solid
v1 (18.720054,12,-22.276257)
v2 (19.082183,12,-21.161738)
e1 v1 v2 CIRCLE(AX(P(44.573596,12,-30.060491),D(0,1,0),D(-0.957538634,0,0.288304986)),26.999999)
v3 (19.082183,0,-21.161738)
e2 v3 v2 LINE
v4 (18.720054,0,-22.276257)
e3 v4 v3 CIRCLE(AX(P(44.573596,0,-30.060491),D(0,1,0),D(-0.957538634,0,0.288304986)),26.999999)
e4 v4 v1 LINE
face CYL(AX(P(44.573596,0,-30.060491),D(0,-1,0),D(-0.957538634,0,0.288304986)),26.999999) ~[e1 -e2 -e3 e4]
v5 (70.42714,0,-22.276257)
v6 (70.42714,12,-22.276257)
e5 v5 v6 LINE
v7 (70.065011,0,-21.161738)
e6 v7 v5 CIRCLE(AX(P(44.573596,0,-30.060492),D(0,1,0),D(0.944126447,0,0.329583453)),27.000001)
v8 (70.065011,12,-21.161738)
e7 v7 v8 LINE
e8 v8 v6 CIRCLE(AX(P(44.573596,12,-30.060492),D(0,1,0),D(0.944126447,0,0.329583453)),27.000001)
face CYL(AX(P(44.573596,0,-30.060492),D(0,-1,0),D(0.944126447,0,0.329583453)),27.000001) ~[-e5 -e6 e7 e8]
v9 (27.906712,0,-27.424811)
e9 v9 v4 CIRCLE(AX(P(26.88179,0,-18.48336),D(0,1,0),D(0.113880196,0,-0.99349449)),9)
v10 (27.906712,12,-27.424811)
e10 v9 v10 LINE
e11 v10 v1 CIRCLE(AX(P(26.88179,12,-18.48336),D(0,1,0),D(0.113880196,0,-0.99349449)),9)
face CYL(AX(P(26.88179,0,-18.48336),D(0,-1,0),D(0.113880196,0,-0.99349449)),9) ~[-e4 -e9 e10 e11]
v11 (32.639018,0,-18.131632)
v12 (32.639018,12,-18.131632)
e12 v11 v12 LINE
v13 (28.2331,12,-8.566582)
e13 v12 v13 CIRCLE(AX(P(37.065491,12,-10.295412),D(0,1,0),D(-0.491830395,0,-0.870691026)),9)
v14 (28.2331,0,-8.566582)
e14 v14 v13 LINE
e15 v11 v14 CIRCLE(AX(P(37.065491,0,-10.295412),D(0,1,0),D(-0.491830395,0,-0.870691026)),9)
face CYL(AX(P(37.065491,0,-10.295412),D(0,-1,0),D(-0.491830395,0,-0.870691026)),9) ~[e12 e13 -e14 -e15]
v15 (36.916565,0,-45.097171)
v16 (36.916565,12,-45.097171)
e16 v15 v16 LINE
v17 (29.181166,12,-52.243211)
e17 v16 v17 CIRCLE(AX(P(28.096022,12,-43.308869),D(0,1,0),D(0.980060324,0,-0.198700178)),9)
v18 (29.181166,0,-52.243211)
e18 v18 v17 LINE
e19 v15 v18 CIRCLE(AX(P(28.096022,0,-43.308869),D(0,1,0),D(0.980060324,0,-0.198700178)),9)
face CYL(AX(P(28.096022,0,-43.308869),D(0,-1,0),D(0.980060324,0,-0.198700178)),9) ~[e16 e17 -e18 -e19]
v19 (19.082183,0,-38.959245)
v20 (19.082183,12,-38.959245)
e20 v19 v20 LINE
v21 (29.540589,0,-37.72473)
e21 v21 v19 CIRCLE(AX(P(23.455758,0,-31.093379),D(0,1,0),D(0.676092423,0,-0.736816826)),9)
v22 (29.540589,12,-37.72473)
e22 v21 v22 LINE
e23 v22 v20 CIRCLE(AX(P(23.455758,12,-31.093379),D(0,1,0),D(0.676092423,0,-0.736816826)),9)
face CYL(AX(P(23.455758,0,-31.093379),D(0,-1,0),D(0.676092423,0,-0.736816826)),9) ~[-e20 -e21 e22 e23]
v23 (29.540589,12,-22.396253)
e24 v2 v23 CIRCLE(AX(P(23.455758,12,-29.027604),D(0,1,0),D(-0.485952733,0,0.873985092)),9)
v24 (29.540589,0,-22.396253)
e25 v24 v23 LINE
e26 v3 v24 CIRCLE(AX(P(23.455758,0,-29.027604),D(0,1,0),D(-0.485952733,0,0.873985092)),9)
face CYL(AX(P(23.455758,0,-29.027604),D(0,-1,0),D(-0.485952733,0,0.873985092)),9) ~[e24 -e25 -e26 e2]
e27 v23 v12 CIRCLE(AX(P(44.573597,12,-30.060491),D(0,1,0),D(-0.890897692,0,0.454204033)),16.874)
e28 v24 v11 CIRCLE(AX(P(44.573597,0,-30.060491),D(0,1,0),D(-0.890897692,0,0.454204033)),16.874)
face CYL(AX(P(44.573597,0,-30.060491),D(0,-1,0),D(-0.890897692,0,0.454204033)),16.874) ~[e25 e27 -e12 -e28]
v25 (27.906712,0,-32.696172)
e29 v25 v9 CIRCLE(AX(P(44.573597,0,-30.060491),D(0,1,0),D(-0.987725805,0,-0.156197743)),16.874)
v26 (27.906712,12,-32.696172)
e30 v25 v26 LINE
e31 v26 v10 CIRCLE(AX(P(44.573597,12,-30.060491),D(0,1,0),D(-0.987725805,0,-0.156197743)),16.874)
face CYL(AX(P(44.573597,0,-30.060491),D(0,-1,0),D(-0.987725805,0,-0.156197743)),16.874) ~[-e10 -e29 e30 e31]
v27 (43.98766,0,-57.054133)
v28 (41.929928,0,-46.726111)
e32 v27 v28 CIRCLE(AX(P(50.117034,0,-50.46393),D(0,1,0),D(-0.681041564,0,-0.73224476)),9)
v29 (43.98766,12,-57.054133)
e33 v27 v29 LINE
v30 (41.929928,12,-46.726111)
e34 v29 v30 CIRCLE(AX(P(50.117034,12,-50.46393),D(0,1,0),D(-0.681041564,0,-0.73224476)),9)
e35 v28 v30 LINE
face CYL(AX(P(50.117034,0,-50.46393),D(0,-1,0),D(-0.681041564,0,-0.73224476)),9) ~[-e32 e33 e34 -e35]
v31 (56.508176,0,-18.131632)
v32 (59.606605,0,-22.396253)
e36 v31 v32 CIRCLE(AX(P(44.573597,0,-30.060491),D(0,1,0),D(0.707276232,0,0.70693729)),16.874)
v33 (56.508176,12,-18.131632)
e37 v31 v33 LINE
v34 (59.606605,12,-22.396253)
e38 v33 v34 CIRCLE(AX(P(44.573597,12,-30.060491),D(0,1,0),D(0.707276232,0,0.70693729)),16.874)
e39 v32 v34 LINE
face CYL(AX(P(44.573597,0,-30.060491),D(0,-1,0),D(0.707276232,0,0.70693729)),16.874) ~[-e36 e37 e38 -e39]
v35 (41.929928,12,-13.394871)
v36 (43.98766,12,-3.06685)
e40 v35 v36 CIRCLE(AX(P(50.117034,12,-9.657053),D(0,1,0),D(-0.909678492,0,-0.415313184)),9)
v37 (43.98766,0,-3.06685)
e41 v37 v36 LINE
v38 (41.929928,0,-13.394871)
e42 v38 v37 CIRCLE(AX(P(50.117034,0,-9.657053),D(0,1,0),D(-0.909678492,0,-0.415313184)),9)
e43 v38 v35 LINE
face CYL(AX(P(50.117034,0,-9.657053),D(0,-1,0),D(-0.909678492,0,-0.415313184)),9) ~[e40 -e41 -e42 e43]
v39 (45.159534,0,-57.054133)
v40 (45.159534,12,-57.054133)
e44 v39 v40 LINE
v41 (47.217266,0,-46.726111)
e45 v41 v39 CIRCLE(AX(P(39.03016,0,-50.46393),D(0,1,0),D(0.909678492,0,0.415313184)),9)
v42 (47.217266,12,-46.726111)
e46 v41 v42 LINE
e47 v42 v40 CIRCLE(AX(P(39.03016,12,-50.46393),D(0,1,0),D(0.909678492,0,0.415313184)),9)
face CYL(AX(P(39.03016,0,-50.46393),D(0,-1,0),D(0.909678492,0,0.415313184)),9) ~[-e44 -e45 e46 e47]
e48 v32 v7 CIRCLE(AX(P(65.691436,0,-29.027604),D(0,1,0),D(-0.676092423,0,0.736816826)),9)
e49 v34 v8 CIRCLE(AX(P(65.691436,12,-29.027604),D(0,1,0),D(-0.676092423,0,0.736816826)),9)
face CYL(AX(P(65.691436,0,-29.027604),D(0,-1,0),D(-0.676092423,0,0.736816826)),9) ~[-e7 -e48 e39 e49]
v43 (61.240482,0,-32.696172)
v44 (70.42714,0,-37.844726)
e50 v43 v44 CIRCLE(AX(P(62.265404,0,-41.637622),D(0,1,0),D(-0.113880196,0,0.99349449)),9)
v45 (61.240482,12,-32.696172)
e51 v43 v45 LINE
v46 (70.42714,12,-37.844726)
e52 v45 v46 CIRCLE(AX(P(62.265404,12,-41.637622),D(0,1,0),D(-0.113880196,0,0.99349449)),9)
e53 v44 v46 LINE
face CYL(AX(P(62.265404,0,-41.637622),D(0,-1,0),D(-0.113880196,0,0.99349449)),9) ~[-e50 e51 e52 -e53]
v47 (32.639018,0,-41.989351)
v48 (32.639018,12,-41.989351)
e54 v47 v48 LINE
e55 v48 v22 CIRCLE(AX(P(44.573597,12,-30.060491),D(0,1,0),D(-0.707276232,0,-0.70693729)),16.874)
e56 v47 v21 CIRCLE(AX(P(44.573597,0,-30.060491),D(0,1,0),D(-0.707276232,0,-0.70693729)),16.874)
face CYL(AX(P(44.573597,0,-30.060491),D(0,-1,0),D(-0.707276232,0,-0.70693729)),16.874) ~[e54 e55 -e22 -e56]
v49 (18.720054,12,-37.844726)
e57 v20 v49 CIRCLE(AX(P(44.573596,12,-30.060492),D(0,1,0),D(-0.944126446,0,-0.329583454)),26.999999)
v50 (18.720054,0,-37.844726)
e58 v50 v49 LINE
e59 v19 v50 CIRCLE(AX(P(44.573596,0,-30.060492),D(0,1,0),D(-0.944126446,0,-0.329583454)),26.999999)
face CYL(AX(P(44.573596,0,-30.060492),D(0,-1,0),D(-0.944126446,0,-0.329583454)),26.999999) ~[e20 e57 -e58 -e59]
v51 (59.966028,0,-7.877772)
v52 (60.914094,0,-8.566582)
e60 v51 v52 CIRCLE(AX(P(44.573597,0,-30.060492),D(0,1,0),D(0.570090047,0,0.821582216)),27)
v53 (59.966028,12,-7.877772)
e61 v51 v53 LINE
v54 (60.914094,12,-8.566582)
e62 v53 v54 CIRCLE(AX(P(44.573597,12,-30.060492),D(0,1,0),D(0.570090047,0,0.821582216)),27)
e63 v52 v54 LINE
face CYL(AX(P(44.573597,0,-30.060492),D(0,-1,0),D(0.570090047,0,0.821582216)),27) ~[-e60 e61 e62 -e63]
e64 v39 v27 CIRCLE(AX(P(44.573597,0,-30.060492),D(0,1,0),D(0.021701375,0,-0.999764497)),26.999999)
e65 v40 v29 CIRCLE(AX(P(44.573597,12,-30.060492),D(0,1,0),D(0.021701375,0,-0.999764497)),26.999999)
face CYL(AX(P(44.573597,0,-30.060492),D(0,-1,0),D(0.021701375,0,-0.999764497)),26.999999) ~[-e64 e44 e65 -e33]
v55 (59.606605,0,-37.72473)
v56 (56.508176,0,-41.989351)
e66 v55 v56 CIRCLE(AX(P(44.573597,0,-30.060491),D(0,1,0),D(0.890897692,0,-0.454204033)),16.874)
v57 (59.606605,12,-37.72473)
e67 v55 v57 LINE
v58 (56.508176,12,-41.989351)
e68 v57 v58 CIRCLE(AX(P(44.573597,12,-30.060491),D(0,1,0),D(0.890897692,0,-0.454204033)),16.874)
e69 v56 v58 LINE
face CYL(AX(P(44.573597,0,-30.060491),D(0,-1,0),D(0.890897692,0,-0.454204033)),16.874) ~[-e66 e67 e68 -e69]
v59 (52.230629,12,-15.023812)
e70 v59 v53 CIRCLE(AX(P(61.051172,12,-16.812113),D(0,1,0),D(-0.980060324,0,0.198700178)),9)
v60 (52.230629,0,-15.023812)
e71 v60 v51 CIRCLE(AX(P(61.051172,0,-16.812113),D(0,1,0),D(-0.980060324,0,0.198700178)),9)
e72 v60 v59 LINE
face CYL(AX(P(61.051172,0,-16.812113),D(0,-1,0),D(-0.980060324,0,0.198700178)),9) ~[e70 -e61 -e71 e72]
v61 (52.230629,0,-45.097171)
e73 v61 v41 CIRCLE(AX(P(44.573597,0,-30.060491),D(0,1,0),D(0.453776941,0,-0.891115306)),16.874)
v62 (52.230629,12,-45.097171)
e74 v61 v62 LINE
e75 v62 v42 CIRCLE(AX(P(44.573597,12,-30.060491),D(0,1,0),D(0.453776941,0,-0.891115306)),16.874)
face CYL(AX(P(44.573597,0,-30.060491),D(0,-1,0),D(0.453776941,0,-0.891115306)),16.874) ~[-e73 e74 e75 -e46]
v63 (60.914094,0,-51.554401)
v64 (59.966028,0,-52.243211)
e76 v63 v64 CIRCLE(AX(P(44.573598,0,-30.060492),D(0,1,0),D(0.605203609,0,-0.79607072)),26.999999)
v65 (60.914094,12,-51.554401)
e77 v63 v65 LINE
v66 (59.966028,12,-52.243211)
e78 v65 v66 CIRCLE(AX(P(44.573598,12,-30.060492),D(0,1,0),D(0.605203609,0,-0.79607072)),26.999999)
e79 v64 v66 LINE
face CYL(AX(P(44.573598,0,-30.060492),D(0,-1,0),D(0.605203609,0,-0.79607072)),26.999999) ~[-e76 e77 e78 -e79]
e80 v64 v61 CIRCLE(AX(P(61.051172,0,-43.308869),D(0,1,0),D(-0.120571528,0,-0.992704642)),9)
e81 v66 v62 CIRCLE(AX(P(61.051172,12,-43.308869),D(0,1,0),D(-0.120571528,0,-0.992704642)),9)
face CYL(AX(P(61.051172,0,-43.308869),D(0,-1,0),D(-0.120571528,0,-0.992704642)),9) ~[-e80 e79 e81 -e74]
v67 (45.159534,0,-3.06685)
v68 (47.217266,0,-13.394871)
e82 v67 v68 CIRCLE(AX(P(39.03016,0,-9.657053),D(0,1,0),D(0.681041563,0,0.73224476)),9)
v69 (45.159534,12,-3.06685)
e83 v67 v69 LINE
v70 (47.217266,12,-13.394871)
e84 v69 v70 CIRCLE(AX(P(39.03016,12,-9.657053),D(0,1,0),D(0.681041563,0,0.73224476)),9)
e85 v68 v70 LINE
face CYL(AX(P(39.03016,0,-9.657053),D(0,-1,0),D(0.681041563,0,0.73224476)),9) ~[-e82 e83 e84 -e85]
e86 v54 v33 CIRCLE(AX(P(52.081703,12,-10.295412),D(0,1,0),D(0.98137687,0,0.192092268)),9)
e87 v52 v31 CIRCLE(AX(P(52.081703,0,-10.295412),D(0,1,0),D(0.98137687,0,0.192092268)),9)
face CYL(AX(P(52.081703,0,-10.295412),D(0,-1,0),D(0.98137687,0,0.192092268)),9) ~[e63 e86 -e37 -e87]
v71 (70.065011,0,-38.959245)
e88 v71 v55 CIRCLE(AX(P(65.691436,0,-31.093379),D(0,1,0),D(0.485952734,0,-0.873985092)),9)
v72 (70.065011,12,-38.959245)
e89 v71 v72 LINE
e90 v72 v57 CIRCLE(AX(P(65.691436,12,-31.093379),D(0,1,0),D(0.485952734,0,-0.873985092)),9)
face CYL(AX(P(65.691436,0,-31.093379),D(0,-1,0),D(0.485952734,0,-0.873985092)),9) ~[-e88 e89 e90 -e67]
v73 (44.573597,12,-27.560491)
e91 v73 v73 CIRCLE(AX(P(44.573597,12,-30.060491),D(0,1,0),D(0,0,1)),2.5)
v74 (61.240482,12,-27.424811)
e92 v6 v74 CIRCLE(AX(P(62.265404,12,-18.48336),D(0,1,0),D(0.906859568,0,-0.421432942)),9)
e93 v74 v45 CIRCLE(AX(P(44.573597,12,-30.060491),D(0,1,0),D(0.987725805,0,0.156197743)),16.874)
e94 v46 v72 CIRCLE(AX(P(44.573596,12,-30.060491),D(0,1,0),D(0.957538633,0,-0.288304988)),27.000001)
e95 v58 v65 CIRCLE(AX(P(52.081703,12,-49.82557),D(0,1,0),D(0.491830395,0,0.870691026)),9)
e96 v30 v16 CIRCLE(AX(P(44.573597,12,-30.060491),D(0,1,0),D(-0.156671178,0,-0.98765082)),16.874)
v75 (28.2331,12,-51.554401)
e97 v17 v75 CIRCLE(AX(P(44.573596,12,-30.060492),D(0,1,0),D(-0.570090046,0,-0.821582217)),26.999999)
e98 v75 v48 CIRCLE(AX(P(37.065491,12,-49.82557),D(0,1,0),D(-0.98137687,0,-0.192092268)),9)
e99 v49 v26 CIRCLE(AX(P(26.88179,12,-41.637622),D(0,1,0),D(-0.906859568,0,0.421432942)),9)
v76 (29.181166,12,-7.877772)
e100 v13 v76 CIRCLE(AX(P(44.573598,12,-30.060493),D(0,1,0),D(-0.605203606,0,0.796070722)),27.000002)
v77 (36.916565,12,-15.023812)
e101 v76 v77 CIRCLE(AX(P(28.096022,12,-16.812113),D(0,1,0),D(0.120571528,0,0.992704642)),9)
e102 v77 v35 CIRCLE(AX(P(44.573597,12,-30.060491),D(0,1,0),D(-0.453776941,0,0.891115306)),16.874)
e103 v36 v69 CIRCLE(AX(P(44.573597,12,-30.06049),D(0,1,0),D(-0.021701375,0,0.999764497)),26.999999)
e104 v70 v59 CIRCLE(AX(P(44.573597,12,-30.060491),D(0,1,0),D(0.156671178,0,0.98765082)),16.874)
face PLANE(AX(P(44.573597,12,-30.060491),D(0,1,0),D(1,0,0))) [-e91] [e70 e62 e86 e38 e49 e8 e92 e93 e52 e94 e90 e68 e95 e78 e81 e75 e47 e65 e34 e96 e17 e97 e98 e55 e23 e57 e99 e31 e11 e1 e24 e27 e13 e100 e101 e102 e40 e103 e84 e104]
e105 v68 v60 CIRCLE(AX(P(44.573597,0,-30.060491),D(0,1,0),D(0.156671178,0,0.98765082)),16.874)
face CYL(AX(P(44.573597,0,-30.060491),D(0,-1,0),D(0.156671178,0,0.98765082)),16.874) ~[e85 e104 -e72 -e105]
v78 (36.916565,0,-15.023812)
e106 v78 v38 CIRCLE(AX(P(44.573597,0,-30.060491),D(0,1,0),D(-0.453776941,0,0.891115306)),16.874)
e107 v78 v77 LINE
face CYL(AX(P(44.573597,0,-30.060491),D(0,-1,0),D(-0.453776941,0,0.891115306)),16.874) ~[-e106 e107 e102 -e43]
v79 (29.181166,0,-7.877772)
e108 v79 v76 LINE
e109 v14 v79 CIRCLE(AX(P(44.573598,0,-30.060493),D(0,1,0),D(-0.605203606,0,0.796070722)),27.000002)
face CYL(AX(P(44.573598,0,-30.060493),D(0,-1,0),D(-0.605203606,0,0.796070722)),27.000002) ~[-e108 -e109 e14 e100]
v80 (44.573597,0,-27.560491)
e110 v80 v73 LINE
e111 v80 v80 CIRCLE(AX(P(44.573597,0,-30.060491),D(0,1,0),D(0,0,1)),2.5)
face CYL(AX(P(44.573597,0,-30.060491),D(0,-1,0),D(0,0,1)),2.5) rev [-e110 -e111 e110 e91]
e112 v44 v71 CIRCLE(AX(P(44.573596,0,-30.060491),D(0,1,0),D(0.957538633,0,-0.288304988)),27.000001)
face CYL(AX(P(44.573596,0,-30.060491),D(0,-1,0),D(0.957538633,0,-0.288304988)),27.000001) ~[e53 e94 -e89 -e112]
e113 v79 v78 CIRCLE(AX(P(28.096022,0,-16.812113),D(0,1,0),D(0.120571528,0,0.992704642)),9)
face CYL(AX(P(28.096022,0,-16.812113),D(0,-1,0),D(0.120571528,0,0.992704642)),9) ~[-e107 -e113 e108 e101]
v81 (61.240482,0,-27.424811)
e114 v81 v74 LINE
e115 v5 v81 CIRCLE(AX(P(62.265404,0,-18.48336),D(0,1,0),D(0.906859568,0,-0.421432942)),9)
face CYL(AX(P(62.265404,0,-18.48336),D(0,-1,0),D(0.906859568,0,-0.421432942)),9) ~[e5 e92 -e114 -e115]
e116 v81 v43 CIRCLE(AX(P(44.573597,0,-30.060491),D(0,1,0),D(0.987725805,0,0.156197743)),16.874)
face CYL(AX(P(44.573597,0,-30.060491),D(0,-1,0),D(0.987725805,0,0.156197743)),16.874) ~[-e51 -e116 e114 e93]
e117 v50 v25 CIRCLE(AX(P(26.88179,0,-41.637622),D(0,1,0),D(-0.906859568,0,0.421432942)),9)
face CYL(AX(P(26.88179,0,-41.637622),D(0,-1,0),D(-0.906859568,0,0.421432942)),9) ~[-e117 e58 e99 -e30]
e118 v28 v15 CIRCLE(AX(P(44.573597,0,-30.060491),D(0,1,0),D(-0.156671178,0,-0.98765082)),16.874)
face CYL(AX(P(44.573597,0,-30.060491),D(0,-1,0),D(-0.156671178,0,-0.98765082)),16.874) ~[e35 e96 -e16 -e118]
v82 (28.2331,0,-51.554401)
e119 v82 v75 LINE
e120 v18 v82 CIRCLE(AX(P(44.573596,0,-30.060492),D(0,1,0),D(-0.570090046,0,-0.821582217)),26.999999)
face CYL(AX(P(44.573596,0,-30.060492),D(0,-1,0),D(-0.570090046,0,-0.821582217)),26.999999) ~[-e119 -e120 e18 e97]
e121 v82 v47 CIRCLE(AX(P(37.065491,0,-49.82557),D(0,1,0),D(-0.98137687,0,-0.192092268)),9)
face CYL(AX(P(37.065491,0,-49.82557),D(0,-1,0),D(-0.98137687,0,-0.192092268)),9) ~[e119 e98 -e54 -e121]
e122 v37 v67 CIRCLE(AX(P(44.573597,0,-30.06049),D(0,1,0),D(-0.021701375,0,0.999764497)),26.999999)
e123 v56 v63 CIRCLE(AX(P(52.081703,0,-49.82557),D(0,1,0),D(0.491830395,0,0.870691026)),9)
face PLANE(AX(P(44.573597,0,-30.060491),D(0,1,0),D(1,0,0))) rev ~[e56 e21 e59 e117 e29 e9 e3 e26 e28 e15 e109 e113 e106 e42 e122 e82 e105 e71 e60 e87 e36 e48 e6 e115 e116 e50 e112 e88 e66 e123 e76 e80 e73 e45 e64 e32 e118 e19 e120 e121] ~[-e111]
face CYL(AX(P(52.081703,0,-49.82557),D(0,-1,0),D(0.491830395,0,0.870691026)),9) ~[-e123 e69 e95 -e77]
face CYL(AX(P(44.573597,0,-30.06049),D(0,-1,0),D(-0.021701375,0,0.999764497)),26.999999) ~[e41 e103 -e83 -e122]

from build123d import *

# Parameters (mm, degrees)
SKETCH1_R           = 2.5
BOSS_EXTRUDE2_DEPTH = 12


with BuildPart() as part:
    # Sketch1 → Boss-Extrude2 (new body)
    with BuildSketch(Plane(origin=(0, 0, 0), x_dir=(1, 0, 0), z_dir=(0, 1, 0))):
        with BuildLine():
            ThreePointArc((45.159534103, 57.054132786), (44.573597006, 57.060491355), (43.987659909, 57.054132786))
            ThreePointArc((43.987659909, 57.054132786), (41.29051652, 52.222505932), (41.929927551, 46.72611129))
            ThreePointArc((41.929927551, 46.72611129), (39.359244243, 46.108619011), (36.916564905, 45.097171022))
            ThreePointArc((36.916564905, 45.097171022), (34.203159585, 49.919684069), (29.181165736, 52.243211197))
            ThreePointArc((29.181165736, 52.243211197), (28.703395194, 51.903950203), (28.233099598, 51.554400828))
            ThreePointArc((28.233099598, 51.554400828), (28.891023769, 46.060191485), (32.639017871, 41.989351186))
            ThreePointArc((32.639017871, 41.989351186), (30.922244243, 39.978779702), (29.540589358, 37.724730199))
            ThreePointArc((29.540589358, 37.724730199), (24.510796293, 40.031325579), (19.082182945, 38.959244591))
            ThreePointArc((19.082182945, 38.959244591), (18.895071066, 38.403950203), (18.720053904, 37.844726003))
            ThreePointArc((18.720053904, 37.844726003), (22.481740965, 33.786535398), (27.90671178, 32.696172074))
            ThreePointArc((27.90671178, 32.696172074), (27.699597006, 30.060491355), (27.90671178, 27.424810636))
            ThreePointArc((27.90671178, 27.424810636), (22.481740964, 26.334447311), (18.720053904, 22.276256707))
            ThreePointArc((18.720053904, 22.276256707), (18.895071066, 21.717032507), (19.082182945, 21.161738118))
            ThreePointArc((19.082182945, 21.161738118), (24.510796293, 20.089657131), (29.540589358, 22.396252511))
            ThreePointArc((29.540589358, 22.396252511), (30.922244243, 20.142203008), (32.639017871, 18.131631524))
            ThreePointArc((32.639017871, 18.131631524), (28.891023769, 14.060791225), (28.233099598, 8.566581881))
            ThreePointArc((28.233099598, 8.566581881), (28.703395194, 8.217032507), (29.181165736, 7.877771512))
            ThreePointArc((29.181165736, 7.877771512), (34.203159585, 10.20129864), (36.916564905, 15.023811688))
            ThreePointArc((36.916564905, 15.023811688), (39.359244243, 14.012363699), (41.929927551, 13.39487142))
            ThreePointArc((41.929927551, 13.39487142), (41.29051652, 7.898476778), (43.987659909, 3.066849924))
            ThreePointArc((43.987659909, 3.066849924), (44.573597006, 3.060491355), (45.159534103, 3.066849924))
            ThreePointArc((45.159534103, 3.066849924), (47.856677493, 7.898476778), (47.217266462, 13.39487142))
            ThreePointArc((47.217266462, 13.39487142), (49.787949769, 14.012363699), (52.230629107, 15.023811688))
            ThreePointArc((52.230629107, 15.023811688), (54.944034428, 10.201298641), (59.966028276, 7.877771513))
            ThreePointArc((59.966028276, 7.877771513), (60.443798818, 8.217032507), (60.914094414, 8.566581881))
            ThreePointArc((60.914094414, 8.566581881), (60.256170243, 14.060791225), (56.508176141, 18.131631524))
            ThreePointArc((56.508176141, 18.131631524), (58.224949769, 20.142203008), (59.606604654, 22.396252511))
            ThreePointArc((59.606604654, 22.396252511), (64.636397719, 20.089657131), (70.065011067, 21.161738118))
            ThreePointArc((70.065011067, 21.161738118), (70.252122946, 21.717032507), (70.427140109, 22.276256707))
            ThreePointArc((70.427140109, 22.276256707), (66.665453048, 26.334447311), (61.240482233, 27.424810636))
            ThreePointArc((61.240482233, 27.424810636), (61.447597006, 30.060491355), (61.240482233, 32.696172074))
            ThreePointArc((61.240482233, 32.696172074), (66.665453048, 33.786535398), (70.427140109, 37.844726003))
            ThreePointArc((70.427140109, 37.844726003), (70.252122946, 38.403950203), (70.065011067, 38.959244591))
            ThreePointArc((70.065011067, 38.959244591), (64.636397719, 40.031325579), (59.606604654, 37.724730199))
            ThreePointArc((59.606604654, 37.724730199), (58.224949769, 39.978779702), (56.508176141, 41.989351186))
            ThreePointArc((56.508176141, 41.989351186), (60.256170243, 46.060191485), (60.914094414, 51.554400828))
            ThreePointArc((60.914094414, 51.554400828), (60.443798818, 51.903950203), (59.966028276, 52.243211197))
            ThreePointArc((59.966028276, 52.243211197), (54.944034428, 49.919684069), (52.230629107, 45.097171022))
            ThreePointArc((52.230629107, 45.097171022), (49.787949769, 46.108619011), (47.217266462, 46.72611129))
            ThreePointArc((47.217266462, 46.72611129), (47.856677493, 52.222505932), (45.159534103, 57.054132786))
        make_face()
        with Locations(Location((44.573597006, 30.060491355, 0), (0, 0, 270))):  # turned: the seam where the file's is
            Circle(SKETCH1_R, mode=Mode.SUBTRACT)
    extrude(amount=BOSS_EXTRUDE2_DEPTH)


solid = part.part
